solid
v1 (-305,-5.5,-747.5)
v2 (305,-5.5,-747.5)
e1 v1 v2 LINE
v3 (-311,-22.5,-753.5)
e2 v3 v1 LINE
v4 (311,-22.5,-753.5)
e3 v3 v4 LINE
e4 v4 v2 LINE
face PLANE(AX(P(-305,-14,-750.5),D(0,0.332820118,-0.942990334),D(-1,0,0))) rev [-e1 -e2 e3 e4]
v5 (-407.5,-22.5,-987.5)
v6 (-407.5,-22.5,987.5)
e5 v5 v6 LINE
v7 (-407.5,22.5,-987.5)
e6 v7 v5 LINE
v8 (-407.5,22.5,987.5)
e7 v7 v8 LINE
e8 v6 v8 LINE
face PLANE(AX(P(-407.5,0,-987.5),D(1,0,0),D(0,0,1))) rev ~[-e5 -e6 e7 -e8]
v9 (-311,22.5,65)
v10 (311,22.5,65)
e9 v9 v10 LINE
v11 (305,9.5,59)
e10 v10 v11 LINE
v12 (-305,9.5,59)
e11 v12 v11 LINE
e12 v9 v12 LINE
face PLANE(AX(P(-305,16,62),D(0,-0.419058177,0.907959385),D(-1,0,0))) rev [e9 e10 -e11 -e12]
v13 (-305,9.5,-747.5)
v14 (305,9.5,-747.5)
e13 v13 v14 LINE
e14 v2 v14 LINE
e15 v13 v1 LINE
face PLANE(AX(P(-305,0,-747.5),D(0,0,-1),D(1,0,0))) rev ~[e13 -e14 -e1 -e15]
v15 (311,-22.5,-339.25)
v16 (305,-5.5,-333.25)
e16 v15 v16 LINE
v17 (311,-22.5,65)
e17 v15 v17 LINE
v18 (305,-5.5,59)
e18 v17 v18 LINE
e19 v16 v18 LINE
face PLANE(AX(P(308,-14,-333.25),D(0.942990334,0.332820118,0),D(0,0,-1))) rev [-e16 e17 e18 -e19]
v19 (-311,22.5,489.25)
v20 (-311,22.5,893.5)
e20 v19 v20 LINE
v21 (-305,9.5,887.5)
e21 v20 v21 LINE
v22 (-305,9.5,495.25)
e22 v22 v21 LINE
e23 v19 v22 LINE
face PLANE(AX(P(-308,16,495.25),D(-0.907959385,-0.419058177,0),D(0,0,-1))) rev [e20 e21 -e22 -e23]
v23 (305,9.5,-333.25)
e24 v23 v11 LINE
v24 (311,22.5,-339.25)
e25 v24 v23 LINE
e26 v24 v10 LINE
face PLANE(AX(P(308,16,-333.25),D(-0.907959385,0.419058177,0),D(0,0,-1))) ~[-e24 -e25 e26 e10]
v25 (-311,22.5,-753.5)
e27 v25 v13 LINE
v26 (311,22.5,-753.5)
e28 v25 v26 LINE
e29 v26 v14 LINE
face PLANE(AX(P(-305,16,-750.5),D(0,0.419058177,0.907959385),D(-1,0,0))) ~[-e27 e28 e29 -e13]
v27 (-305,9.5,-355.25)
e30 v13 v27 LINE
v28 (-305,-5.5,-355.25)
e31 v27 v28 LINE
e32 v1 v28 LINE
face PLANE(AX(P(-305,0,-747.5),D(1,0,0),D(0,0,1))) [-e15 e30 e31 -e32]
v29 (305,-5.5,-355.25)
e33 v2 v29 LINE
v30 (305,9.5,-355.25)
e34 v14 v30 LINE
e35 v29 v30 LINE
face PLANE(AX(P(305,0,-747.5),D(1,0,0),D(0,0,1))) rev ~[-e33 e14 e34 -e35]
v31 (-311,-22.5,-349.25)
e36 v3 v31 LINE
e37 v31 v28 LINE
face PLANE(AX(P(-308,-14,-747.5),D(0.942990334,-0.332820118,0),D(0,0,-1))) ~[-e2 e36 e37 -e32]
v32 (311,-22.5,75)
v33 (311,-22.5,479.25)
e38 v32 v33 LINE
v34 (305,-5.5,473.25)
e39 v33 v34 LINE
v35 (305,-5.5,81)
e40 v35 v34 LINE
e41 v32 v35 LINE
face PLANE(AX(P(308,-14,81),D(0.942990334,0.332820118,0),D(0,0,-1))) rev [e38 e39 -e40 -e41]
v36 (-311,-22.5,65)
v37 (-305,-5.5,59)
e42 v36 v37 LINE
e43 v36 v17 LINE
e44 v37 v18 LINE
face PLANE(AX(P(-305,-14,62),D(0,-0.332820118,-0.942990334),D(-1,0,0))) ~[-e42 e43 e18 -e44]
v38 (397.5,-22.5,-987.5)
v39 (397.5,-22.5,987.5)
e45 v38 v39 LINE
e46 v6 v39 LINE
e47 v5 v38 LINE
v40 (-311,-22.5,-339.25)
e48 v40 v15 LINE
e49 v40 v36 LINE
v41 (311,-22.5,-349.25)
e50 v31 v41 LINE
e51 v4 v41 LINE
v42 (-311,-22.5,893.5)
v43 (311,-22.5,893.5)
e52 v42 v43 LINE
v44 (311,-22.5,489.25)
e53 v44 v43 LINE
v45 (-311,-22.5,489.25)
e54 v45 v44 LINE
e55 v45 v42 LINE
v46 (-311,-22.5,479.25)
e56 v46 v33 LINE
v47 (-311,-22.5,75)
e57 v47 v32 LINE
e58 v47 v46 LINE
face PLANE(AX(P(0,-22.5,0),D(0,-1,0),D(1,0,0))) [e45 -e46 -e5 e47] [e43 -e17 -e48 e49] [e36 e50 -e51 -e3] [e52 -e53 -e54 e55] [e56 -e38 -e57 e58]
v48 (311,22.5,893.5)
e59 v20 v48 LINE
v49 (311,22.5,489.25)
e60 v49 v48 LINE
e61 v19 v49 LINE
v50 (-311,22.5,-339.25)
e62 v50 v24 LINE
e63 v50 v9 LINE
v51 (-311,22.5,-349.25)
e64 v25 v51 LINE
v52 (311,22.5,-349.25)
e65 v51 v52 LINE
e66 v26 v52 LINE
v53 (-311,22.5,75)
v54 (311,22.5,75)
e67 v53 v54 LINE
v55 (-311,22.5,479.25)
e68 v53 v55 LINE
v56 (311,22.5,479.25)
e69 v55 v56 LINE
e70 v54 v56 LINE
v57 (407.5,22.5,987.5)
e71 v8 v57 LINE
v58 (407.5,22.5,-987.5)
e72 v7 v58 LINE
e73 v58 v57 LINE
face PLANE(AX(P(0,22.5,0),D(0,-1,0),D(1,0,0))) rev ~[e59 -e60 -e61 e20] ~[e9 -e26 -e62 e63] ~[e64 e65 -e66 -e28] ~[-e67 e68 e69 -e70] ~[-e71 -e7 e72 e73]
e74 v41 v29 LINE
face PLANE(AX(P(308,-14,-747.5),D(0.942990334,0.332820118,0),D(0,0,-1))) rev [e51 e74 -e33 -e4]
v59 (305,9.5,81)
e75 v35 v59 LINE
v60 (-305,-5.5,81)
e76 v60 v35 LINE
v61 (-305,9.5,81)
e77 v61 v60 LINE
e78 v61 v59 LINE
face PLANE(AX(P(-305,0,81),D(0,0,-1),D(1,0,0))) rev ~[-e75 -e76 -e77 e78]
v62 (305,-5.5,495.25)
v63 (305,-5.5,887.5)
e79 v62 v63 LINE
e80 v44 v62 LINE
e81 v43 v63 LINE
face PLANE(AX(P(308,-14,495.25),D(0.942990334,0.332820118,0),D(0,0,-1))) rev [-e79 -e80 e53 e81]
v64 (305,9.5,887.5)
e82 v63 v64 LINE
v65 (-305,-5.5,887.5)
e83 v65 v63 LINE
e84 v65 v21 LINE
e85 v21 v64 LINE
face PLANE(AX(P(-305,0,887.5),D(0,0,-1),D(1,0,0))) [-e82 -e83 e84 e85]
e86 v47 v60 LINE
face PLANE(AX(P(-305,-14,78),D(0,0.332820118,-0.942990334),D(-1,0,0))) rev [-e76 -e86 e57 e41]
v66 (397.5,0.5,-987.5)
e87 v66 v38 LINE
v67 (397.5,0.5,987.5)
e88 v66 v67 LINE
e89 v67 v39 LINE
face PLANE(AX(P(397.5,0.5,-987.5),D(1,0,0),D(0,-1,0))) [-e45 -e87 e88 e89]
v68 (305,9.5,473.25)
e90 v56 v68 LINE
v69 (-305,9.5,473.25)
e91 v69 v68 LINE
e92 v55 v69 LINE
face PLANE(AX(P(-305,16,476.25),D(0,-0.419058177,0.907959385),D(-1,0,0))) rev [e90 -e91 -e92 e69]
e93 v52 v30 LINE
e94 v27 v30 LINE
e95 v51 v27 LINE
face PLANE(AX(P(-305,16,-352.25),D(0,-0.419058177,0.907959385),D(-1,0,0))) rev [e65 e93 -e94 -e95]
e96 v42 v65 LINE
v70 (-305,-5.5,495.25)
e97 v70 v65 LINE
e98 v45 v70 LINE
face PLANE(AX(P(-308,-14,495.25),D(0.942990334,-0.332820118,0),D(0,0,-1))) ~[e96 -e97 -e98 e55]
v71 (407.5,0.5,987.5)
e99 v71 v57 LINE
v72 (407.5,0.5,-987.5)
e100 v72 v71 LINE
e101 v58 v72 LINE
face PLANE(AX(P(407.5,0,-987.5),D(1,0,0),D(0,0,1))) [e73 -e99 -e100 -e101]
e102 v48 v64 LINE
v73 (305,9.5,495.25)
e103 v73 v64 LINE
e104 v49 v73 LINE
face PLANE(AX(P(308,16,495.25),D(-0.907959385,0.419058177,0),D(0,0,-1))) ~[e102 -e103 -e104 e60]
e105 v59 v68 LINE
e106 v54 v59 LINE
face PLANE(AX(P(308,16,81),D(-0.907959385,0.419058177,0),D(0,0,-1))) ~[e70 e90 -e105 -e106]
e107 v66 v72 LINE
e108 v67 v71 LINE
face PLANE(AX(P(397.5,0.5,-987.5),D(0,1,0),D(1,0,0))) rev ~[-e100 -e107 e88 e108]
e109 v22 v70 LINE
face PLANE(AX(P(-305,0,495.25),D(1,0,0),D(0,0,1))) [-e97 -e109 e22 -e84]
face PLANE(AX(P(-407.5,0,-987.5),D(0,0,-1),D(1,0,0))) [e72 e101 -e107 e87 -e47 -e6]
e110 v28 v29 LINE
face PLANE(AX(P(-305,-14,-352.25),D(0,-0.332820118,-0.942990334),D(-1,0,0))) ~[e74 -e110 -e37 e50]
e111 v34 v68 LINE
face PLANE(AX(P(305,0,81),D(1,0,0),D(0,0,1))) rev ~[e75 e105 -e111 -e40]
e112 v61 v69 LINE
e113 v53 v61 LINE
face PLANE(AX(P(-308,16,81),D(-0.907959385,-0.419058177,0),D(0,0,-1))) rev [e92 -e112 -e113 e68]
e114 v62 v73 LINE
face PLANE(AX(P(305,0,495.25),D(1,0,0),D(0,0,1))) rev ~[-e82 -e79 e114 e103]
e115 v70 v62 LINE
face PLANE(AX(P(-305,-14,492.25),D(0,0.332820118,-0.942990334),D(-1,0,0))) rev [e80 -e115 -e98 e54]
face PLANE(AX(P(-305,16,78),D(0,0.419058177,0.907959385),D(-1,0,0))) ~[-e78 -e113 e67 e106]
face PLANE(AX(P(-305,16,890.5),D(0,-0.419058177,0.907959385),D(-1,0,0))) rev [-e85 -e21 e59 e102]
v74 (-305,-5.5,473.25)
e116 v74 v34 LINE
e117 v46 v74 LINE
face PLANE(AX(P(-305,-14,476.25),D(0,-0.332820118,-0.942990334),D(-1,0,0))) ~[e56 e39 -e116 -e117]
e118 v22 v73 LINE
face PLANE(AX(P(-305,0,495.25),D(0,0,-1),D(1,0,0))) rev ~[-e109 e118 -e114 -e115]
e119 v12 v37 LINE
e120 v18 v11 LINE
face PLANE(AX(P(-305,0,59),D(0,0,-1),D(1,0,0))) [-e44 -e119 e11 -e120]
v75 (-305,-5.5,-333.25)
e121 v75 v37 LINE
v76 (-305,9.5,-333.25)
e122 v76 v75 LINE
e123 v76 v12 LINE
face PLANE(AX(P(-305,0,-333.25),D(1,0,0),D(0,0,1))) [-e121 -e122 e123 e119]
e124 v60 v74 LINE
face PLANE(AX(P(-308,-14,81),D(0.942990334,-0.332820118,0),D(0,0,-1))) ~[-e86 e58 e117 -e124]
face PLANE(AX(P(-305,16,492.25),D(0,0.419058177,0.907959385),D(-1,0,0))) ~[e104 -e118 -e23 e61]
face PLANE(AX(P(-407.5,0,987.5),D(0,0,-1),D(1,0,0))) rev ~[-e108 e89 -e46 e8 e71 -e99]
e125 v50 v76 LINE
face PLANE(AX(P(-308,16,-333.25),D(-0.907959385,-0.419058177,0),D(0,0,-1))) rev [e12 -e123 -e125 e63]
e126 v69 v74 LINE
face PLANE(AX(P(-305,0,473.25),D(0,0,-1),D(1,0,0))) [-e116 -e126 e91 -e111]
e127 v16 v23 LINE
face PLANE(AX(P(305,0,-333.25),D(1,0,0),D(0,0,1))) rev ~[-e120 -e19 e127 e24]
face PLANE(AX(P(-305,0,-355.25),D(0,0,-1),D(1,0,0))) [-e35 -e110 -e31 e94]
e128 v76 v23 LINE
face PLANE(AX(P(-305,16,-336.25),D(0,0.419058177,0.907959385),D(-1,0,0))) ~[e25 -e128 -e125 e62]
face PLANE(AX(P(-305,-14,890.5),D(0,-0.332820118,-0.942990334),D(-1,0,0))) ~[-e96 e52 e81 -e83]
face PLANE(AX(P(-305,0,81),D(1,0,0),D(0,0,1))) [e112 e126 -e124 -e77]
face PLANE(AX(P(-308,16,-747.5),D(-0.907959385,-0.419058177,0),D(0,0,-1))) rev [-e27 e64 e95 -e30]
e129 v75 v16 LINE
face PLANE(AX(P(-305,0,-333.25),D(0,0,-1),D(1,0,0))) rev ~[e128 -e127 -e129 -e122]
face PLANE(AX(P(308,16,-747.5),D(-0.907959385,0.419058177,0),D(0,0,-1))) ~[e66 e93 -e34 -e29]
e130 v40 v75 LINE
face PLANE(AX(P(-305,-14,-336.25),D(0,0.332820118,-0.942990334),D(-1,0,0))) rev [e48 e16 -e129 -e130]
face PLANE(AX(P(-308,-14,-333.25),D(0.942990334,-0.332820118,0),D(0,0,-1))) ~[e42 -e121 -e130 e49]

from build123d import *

# Parameters (mm, degrees)
F0_W     = 815
F0_H     = 1975
F0_W_2   = 610
F0_H_2   = 392.25
F1_DEPTH = 22.5
F2_SIZE2 = 17
F2_SIZE  = 6
F3_SIZE2 = 13
F3_SIZE  = 6
F4_W     = 10
F4_H     = 23
F5_DEPTH = 1975.001


with BuildPart() as f1:
    # F0 (on Front) → F1 (new body, symmetric)
    with BuildSketch(Plane.XZ):
        Rectangle(F0_W, F0_H)
        with Locations((0, -551.375)):
            Rectangle(F0_W_2, F0_H_2, mode=Mode.SUBTRACT)
        with Locations((0, -137.125)):
            Rectangle(F0_W_2, F0_H_2, mode=Mode.SUBTRACT)
        with Locations((0, 277.125)):
            Rectangle(F0_W_2, F0_H_2, mode=Mode.SUBTRACT)
        with Locations((0, 691.375)):
            Rectangle(F0_W_2, F0_H_2, mode=Mode.SUBTRACT)
    extrude(amount=F1_DEPTH, both=True)

    # F2
    f2_edges = [f1.edges().sort_by_distance(p)[0] for p in [
        (305, -22.5, -551.375),
        (0, -22.5, -355.25),
        (305, -22.5, -137.125),
        (0, -22.5, 59),
        (305, -22.5, 277.125),
        (0, -22.5, 473.25),
        (305, -22.5, 691.375),
        (0, -22.5, 887.5),
        (-305, -22.5, 691.375),
        (0, -22.5, 495.25),
        (-305, -22.5, 277.125),
        (0, -22.5, 81),
        (-305, -22.5, -137.125),
        (0, -22.5, -333.25),
        (-305, -22.5, -551.375),
        (0, -22.5, -747.5),
    ]]
    f2_side = f1.faces().sort_by_distance((0, -22.5, 966.13449))[0]
    chamfer(f2_edges, length=F2_SIZE, length2=F2_SIZE2, reference=f2_side)

    # F3
    f3_edges = [f1.edges().sort_by_distance(p)[0] for p in [
        (0, 22.5, -747.5),
        (305, 22.5, -551.375),
        (0, 22.5, -355.25),
        (-305, 22.5, -551.375),
        (-305, 22.5, -137.125),
        (0, 22.5, 59),
        (-305, 22.5, 277.125),
        (0, 22.5, -333.25),
        (305, 22.5, -137.125),
        (0, 22.5, 81),
        (305, 22.5, 277.125),
        (0, 22.5, 473.25),
        (305, 22.5, 691.375),
        (0, 22.5, 887.5),
        (-305, 22.5, 691.375),
        (0, 22.5, 495.25),
    ]]
    f3_side = f1.faces().sort_by_distance((0, 22.5, 966.13449))[0]
    chamfer(f3_edges, length=F3_SIZE, length2=F3_SIZE2, reference=f3_side)

    # F4 (on face) → F5 (cut, through all)
    with BuildSketch(Plane(origin=(0, 0, -987.5), x_dir=(1, 0, 0), z_dir=(0, 0, -1))):
        with Locations((402.5, 11)):
            Rectangle(F4_W, F4_H)
    extrude(amount=-F5_DEPTH, mode=Mode.SUBTRACT)


solid = f1.part
